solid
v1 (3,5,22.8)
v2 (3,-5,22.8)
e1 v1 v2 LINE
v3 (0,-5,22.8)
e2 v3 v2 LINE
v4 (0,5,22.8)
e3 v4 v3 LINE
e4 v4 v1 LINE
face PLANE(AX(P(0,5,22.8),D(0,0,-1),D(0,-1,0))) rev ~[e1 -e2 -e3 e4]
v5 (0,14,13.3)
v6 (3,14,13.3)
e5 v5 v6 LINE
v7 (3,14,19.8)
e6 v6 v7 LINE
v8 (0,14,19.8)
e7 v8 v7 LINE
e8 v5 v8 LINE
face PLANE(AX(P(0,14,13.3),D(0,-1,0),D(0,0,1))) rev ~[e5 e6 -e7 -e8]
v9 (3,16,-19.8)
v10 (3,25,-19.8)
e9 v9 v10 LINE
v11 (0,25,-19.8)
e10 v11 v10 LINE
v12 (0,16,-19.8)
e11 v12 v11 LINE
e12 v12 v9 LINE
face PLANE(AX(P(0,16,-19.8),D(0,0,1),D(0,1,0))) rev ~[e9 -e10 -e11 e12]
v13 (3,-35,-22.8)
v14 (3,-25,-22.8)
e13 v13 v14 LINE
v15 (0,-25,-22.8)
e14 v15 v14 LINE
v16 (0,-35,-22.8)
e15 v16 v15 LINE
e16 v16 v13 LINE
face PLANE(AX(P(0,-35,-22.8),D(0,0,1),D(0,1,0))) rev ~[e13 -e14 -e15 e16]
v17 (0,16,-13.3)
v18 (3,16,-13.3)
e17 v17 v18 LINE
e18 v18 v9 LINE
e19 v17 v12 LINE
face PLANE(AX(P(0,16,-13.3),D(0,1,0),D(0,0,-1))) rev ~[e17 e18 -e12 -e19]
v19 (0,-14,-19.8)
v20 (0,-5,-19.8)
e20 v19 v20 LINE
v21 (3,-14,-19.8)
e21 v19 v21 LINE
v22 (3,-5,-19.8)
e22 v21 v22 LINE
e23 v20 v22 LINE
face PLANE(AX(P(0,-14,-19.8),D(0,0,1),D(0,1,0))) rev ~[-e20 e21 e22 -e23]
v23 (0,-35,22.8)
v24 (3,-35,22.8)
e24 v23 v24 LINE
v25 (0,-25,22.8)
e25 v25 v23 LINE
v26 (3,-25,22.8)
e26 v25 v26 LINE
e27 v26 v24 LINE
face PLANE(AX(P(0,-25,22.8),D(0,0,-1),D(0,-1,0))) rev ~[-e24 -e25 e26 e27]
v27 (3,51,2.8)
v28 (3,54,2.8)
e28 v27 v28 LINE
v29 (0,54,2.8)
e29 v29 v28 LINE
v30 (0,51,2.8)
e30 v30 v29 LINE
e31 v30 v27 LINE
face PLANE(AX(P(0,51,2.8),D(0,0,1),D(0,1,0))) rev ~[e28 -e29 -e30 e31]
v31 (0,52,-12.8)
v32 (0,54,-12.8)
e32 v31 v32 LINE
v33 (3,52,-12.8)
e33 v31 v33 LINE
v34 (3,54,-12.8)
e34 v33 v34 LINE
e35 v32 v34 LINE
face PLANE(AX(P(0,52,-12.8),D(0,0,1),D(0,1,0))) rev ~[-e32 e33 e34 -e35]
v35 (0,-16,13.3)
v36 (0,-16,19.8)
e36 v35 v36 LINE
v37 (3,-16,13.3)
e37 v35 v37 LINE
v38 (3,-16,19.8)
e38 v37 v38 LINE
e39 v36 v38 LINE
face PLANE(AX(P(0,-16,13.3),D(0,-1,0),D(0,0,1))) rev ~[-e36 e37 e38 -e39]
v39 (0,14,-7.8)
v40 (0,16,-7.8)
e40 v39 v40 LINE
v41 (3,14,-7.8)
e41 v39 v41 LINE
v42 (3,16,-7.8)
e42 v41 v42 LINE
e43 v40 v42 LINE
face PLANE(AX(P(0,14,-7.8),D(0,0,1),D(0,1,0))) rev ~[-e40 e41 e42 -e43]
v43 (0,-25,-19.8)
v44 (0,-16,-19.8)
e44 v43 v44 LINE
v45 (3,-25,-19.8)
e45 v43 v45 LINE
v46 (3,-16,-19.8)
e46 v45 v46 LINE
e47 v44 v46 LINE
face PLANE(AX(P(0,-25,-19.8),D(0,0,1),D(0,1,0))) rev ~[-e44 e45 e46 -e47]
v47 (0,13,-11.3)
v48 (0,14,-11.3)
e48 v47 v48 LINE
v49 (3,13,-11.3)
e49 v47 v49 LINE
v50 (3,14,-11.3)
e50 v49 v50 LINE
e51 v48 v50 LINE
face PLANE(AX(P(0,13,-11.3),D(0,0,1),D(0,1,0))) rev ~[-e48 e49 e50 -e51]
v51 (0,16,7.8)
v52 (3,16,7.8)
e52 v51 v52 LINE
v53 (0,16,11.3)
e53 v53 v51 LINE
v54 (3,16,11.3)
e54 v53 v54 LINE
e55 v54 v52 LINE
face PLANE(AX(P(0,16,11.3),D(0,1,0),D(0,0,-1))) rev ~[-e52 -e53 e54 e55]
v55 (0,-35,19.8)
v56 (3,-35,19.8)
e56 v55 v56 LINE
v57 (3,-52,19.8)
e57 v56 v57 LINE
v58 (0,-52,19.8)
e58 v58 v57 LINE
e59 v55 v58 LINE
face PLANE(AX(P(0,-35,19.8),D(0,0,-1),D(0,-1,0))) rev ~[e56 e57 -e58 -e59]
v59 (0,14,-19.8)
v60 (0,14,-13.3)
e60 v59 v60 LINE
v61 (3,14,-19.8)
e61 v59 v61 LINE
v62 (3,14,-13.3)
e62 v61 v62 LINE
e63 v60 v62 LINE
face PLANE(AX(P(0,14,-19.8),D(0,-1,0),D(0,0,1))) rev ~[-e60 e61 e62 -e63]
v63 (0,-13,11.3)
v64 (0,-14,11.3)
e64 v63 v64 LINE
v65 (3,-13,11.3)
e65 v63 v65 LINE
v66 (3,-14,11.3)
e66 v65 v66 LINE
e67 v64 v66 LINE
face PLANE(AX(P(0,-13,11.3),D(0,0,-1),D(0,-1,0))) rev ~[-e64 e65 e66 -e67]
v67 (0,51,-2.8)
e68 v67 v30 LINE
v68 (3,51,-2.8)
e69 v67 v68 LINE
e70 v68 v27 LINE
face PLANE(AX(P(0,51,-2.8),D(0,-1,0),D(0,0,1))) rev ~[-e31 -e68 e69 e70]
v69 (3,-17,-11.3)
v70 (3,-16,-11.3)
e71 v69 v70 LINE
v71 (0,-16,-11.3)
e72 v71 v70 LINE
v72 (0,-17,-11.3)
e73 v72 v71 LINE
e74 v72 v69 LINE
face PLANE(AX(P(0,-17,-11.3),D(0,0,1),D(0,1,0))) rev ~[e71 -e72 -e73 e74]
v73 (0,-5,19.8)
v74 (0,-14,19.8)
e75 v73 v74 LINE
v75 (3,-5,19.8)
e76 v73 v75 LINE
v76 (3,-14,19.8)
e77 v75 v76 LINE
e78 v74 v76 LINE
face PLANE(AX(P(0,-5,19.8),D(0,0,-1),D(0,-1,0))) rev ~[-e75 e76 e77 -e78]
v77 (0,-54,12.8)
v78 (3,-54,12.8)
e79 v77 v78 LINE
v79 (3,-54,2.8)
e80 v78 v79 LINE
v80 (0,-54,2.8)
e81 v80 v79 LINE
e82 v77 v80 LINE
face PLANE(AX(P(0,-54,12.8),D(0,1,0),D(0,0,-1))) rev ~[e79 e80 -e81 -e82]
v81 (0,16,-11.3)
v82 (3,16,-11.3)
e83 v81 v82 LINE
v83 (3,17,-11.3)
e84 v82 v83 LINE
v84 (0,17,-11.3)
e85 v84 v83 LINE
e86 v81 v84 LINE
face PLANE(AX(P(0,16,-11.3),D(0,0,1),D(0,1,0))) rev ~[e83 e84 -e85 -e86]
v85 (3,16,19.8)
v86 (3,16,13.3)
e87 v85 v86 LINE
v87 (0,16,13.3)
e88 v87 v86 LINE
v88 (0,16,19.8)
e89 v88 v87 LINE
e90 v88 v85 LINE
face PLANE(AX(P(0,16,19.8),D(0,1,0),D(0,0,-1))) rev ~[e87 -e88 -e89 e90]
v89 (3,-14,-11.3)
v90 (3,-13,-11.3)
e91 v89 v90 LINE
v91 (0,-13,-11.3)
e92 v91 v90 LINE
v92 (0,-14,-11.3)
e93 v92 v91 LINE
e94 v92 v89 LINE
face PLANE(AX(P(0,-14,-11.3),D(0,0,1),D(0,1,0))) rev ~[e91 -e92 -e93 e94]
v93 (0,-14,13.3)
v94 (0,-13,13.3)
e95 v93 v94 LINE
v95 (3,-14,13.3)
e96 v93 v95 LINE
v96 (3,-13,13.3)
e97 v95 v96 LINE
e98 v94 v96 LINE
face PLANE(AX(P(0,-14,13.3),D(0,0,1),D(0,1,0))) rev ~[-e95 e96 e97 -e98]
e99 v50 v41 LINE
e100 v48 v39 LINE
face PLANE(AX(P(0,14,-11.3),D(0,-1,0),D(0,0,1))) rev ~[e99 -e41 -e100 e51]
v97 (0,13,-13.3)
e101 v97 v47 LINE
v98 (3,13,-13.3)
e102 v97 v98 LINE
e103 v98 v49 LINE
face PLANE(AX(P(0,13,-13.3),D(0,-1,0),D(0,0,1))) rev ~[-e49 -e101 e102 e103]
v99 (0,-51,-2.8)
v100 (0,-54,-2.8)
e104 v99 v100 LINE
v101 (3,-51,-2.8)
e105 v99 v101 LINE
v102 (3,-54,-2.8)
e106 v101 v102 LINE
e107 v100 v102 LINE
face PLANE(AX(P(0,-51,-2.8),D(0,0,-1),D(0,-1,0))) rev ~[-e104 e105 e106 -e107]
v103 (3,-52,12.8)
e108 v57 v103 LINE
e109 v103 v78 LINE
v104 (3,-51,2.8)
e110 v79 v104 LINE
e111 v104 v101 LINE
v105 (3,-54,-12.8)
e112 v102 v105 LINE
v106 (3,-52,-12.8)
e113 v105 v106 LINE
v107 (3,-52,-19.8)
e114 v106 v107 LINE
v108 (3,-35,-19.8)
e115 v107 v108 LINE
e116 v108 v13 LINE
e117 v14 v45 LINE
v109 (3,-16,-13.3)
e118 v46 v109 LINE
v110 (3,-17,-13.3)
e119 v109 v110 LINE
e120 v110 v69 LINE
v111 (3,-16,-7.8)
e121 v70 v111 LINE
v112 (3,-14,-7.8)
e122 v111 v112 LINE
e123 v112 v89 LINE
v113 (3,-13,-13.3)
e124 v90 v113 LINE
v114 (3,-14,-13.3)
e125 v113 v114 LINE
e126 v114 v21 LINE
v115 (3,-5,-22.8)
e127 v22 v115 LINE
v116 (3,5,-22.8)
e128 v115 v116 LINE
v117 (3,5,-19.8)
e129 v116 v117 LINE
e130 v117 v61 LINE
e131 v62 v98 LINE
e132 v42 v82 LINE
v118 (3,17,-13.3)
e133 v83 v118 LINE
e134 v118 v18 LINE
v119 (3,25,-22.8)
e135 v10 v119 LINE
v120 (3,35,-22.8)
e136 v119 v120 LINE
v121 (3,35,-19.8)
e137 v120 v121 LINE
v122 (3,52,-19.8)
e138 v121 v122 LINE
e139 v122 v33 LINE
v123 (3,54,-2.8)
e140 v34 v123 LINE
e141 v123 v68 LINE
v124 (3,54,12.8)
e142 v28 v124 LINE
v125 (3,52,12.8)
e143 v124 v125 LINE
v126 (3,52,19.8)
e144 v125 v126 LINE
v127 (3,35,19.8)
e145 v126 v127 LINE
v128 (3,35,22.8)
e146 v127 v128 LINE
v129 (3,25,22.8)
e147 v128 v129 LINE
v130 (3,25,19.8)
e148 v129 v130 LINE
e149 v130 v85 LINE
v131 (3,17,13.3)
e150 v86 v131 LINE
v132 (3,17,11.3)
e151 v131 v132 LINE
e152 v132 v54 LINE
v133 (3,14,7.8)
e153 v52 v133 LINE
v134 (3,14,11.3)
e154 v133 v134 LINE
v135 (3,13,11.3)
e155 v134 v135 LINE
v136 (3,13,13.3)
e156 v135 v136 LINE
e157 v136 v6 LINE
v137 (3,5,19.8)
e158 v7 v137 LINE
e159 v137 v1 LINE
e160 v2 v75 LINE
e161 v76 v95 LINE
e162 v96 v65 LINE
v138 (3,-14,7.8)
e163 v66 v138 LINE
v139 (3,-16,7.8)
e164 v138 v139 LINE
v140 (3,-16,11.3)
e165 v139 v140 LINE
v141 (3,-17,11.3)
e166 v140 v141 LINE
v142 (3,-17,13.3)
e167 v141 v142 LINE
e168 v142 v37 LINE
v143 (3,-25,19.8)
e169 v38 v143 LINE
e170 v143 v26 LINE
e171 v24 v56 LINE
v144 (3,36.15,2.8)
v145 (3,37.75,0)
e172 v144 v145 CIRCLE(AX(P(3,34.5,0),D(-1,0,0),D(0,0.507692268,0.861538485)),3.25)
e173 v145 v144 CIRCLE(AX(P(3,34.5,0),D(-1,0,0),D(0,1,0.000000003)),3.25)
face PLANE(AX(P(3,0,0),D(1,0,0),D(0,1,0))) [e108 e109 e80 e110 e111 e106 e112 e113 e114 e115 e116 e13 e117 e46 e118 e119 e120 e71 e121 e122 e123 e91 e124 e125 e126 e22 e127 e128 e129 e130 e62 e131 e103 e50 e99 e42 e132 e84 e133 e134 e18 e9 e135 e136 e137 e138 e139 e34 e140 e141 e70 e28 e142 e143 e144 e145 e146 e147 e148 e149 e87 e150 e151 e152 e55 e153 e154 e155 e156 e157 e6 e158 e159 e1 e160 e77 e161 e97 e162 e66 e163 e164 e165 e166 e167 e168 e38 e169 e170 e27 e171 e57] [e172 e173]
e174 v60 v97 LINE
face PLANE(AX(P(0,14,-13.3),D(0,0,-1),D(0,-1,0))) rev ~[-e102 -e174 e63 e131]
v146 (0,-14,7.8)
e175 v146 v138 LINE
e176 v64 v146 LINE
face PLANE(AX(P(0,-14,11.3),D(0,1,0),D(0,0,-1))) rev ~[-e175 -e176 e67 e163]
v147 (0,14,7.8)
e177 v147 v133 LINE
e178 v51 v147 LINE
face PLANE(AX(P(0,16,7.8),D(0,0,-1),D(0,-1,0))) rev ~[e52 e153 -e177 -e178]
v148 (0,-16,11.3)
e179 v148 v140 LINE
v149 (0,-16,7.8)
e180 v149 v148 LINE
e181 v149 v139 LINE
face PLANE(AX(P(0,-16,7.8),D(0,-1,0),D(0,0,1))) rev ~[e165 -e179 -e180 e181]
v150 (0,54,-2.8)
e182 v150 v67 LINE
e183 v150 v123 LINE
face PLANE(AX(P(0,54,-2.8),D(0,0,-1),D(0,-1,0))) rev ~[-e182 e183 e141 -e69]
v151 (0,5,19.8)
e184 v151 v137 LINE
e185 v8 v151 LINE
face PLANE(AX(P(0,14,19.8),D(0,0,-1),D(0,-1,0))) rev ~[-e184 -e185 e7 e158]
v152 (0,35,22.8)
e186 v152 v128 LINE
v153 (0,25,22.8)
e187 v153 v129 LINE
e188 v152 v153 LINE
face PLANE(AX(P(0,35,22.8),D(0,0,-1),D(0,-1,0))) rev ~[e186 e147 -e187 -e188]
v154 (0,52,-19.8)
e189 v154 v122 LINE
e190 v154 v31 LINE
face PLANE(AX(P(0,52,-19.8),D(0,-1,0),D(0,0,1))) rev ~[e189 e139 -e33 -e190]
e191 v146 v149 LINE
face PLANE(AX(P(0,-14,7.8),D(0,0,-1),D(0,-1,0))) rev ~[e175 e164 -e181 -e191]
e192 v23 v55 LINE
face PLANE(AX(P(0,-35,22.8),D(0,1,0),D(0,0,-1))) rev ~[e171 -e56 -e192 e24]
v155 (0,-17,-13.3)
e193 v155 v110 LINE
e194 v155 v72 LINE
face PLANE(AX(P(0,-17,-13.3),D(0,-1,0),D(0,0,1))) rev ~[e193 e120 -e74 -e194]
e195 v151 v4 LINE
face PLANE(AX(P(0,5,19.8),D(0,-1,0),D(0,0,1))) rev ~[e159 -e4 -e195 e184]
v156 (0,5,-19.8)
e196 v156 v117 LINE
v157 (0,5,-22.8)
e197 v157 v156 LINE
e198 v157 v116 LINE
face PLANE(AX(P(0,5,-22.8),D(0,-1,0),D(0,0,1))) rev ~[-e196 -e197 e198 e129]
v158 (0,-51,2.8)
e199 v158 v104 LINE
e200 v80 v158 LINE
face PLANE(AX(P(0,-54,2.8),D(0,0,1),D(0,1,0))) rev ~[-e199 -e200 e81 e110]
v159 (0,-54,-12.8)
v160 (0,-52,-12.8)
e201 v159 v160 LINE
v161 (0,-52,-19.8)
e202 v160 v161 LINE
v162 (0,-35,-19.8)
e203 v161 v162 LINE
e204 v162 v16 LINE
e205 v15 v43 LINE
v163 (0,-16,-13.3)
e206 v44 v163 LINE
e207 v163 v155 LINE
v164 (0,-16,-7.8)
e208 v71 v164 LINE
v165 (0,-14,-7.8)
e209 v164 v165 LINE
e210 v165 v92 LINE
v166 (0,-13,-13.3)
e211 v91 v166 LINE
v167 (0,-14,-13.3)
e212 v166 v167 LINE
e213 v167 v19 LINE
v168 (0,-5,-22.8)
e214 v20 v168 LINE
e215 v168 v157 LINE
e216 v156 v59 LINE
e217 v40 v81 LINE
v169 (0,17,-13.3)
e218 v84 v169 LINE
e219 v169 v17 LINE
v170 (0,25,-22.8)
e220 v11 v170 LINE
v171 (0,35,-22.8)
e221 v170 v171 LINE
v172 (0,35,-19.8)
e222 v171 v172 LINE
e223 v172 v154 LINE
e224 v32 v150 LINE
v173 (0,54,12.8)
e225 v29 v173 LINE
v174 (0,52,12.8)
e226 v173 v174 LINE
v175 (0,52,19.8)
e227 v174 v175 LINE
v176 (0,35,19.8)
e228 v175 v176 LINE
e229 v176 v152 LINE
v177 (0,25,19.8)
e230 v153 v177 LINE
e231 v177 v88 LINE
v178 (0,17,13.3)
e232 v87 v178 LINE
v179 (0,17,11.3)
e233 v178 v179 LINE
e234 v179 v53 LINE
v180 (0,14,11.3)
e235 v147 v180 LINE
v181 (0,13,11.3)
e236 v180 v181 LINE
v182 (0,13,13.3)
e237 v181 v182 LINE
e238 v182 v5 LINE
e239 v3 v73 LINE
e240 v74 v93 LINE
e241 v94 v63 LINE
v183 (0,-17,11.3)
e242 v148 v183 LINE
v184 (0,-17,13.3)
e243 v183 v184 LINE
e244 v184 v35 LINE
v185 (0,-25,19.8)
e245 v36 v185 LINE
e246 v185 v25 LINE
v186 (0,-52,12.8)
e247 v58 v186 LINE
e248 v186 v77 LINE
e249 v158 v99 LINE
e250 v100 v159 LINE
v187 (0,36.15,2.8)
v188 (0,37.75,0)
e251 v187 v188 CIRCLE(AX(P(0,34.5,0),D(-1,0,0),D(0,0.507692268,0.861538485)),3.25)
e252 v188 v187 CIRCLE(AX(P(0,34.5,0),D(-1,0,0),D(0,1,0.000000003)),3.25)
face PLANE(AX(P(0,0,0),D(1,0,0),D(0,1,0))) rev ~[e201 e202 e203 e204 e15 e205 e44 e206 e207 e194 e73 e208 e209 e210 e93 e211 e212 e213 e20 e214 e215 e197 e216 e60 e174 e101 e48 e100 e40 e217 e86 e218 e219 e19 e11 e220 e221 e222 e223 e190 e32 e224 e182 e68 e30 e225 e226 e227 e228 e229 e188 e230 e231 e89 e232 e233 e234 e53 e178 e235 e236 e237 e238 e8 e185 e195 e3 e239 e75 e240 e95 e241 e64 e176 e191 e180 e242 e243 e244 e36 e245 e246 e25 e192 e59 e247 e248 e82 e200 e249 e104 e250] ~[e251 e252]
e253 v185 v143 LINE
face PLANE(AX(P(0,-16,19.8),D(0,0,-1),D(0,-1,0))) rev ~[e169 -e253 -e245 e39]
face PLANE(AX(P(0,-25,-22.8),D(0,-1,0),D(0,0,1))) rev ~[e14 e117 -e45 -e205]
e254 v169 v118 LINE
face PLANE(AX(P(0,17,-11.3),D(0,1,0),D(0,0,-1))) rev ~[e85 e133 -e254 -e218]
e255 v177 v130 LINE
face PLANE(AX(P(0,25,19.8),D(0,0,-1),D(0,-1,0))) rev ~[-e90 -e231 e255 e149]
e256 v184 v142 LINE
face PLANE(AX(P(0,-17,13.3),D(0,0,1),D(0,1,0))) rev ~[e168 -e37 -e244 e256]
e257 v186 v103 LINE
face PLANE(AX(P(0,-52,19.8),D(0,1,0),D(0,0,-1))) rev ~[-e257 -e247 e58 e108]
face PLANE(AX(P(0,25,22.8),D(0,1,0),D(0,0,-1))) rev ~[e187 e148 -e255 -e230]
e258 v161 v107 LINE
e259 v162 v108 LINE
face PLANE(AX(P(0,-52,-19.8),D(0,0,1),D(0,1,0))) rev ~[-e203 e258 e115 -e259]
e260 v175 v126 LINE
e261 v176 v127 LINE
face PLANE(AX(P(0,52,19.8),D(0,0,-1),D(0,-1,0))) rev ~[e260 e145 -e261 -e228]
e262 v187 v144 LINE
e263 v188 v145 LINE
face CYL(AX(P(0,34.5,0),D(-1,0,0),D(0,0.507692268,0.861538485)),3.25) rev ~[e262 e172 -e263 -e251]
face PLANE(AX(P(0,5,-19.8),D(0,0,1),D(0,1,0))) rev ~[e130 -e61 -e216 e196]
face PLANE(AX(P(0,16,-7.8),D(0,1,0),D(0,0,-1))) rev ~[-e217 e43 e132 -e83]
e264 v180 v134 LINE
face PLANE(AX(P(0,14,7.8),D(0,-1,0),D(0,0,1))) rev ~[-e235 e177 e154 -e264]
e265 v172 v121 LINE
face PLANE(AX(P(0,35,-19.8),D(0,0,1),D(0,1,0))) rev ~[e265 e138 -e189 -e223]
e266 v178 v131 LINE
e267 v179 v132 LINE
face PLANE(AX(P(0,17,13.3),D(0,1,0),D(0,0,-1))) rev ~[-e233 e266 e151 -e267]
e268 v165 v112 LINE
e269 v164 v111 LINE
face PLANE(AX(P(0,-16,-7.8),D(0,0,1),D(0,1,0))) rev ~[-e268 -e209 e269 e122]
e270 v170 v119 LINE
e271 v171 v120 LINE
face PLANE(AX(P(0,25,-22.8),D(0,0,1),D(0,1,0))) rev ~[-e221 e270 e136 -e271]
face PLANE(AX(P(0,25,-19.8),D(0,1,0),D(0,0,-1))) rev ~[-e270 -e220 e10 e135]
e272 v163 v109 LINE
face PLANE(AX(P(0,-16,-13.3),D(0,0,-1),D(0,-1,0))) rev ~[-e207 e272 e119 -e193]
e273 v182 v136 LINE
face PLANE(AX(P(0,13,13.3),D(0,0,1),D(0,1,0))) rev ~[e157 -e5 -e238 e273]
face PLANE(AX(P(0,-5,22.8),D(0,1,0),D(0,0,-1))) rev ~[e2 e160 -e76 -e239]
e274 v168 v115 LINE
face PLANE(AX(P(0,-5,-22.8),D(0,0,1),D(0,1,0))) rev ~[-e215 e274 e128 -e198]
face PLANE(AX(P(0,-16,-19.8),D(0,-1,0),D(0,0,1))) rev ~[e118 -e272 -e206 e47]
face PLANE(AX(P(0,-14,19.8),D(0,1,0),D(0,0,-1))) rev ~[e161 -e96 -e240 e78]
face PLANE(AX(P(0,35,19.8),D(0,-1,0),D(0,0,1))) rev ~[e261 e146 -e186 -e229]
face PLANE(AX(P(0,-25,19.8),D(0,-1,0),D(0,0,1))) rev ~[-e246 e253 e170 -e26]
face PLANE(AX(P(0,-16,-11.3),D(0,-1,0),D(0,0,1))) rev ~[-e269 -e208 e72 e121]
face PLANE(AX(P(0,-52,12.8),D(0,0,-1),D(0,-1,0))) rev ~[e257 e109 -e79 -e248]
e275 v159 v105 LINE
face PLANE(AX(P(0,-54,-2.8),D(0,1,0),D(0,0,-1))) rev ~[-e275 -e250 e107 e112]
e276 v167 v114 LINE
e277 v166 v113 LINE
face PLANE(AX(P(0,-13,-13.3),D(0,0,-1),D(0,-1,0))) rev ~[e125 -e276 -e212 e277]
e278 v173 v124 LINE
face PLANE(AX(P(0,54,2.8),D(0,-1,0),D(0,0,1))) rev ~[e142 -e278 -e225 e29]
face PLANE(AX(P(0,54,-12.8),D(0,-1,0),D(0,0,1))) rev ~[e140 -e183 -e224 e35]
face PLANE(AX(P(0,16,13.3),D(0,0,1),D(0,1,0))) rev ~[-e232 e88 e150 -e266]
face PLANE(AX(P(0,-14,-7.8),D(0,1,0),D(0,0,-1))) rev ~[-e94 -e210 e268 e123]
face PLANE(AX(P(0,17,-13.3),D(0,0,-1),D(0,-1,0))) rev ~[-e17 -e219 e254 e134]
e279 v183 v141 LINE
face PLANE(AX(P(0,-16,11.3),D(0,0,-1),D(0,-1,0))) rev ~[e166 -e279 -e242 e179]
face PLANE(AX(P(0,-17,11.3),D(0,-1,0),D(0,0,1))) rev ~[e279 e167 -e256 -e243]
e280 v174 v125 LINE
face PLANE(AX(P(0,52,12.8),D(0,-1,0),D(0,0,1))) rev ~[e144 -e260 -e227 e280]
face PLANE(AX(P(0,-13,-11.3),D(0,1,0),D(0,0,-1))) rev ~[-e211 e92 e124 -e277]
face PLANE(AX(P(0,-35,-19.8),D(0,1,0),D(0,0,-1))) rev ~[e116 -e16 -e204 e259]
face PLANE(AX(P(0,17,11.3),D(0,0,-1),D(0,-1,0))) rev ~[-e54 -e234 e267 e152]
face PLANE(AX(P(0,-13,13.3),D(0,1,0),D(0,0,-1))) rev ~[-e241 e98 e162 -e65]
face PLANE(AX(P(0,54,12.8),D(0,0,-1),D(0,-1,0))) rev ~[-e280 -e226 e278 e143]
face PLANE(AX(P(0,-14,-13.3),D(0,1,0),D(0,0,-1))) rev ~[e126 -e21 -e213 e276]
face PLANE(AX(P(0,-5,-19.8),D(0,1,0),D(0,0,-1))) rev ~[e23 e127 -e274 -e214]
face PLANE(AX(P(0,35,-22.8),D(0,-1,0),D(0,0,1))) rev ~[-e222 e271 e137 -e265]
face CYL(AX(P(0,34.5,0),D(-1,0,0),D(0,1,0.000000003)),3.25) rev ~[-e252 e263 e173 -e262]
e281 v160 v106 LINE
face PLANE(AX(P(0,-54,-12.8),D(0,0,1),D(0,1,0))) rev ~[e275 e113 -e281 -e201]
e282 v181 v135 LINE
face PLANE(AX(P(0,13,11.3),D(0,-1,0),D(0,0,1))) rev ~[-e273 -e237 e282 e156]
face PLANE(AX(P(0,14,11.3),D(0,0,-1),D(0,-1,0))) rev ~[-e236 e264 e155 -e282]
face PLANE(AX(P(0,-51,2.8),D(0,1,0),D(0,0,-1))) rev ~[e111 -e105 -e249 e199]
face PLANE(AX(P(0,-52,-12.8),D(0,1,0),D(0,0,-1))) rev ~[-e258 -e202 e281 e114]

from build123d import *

# Parameters (mm, degrees)
F1_DEPTH = 3


with BuildPart() as f1:
    # F0 (on Right) → F1 (new body)
    with BuildSketch(Plane.YZ):
        Polygon((14, 7.8), (14, 11.3), (13, 11.3), (13, 13.3), (14, 13.3), (14, 19.8), (5, 19.8), (5, 22.8), (0, 22.8), (-5, 22.8), (-5, 19.8), (-14, 19.8), (-14, 13.3), (-13, 13.3), (-13, 11.3), (-14, 11.3), (-14, 7.8), (-16, 7.8), (-16, 11.3), (-17, 11.3), (-17, 13.3), (-16, 13.3), (-16, 19.8), (-25, 19.8), (-25, 22.8), (-35, 22.8), (-35, 19.8), (-52, 19.8), (-52, 12.8), (-54, 12.8), (-54, 2.8), (-51, 2.8), (-51, 0), (-51, -2.8), (-54, -2.8), (-54, -12.8), (-52, -12.8), (-52, -19.8), (-35, -19.8), (-35, -22.8), (-25, -22.8), (-25, -19.8), (-16, -19.8), (-16, -13.3), (-17, -13.3), (-17, -11.3), (-16, -11.3), (-16, -7.8), (-14, -7.8), (-14, -11.3), (-13, -11.3), (-13, -13.3), (-14, -13.3), (-14, -19.8), (-5, -19.8), (-5, -22.8), (0, -22.8), (5, -22.8), (5, -19.8), (14, -19.8), (14, -13.3), (13, -13.3), (13, -11.3), (14, -11.3), (14, -7.8), (16, -7.8), (16, -11.3), (17, -11.3), (17, -13.3), (16, -13.3), (16, -19.8), (25, -19.8), (25, -22.8), (35, -22.8), (35, -19.8), (52, -19.8), (52, -12.8), (54, -12.8), (54, -2.8), (51, -2.8), (51, 0), (51, 2.8), (54, 2.8), (54, 12.8), (52, 12.8), (52, 19.8), (35, 19.8), (35, 22.8), (25, 22.8), (25, 19.8), (16, 19.8), (16, 13.3), (17, 13.3), (17, 11.3), (16, 11.3), (16, 7.8), align=None)
        with BuildLine():
            ThreePointArc((37.75, 0), (31.67821, -1.612452), (36.15, 2.8))
            ThreePointArc((36.15, 2.8), (37.32179, 1.612452), (37.75, 0))
        make_face(mode=Mode.SUBTRACT)
    extrude(amount=F1_DEPTH)


solid = f1.part
